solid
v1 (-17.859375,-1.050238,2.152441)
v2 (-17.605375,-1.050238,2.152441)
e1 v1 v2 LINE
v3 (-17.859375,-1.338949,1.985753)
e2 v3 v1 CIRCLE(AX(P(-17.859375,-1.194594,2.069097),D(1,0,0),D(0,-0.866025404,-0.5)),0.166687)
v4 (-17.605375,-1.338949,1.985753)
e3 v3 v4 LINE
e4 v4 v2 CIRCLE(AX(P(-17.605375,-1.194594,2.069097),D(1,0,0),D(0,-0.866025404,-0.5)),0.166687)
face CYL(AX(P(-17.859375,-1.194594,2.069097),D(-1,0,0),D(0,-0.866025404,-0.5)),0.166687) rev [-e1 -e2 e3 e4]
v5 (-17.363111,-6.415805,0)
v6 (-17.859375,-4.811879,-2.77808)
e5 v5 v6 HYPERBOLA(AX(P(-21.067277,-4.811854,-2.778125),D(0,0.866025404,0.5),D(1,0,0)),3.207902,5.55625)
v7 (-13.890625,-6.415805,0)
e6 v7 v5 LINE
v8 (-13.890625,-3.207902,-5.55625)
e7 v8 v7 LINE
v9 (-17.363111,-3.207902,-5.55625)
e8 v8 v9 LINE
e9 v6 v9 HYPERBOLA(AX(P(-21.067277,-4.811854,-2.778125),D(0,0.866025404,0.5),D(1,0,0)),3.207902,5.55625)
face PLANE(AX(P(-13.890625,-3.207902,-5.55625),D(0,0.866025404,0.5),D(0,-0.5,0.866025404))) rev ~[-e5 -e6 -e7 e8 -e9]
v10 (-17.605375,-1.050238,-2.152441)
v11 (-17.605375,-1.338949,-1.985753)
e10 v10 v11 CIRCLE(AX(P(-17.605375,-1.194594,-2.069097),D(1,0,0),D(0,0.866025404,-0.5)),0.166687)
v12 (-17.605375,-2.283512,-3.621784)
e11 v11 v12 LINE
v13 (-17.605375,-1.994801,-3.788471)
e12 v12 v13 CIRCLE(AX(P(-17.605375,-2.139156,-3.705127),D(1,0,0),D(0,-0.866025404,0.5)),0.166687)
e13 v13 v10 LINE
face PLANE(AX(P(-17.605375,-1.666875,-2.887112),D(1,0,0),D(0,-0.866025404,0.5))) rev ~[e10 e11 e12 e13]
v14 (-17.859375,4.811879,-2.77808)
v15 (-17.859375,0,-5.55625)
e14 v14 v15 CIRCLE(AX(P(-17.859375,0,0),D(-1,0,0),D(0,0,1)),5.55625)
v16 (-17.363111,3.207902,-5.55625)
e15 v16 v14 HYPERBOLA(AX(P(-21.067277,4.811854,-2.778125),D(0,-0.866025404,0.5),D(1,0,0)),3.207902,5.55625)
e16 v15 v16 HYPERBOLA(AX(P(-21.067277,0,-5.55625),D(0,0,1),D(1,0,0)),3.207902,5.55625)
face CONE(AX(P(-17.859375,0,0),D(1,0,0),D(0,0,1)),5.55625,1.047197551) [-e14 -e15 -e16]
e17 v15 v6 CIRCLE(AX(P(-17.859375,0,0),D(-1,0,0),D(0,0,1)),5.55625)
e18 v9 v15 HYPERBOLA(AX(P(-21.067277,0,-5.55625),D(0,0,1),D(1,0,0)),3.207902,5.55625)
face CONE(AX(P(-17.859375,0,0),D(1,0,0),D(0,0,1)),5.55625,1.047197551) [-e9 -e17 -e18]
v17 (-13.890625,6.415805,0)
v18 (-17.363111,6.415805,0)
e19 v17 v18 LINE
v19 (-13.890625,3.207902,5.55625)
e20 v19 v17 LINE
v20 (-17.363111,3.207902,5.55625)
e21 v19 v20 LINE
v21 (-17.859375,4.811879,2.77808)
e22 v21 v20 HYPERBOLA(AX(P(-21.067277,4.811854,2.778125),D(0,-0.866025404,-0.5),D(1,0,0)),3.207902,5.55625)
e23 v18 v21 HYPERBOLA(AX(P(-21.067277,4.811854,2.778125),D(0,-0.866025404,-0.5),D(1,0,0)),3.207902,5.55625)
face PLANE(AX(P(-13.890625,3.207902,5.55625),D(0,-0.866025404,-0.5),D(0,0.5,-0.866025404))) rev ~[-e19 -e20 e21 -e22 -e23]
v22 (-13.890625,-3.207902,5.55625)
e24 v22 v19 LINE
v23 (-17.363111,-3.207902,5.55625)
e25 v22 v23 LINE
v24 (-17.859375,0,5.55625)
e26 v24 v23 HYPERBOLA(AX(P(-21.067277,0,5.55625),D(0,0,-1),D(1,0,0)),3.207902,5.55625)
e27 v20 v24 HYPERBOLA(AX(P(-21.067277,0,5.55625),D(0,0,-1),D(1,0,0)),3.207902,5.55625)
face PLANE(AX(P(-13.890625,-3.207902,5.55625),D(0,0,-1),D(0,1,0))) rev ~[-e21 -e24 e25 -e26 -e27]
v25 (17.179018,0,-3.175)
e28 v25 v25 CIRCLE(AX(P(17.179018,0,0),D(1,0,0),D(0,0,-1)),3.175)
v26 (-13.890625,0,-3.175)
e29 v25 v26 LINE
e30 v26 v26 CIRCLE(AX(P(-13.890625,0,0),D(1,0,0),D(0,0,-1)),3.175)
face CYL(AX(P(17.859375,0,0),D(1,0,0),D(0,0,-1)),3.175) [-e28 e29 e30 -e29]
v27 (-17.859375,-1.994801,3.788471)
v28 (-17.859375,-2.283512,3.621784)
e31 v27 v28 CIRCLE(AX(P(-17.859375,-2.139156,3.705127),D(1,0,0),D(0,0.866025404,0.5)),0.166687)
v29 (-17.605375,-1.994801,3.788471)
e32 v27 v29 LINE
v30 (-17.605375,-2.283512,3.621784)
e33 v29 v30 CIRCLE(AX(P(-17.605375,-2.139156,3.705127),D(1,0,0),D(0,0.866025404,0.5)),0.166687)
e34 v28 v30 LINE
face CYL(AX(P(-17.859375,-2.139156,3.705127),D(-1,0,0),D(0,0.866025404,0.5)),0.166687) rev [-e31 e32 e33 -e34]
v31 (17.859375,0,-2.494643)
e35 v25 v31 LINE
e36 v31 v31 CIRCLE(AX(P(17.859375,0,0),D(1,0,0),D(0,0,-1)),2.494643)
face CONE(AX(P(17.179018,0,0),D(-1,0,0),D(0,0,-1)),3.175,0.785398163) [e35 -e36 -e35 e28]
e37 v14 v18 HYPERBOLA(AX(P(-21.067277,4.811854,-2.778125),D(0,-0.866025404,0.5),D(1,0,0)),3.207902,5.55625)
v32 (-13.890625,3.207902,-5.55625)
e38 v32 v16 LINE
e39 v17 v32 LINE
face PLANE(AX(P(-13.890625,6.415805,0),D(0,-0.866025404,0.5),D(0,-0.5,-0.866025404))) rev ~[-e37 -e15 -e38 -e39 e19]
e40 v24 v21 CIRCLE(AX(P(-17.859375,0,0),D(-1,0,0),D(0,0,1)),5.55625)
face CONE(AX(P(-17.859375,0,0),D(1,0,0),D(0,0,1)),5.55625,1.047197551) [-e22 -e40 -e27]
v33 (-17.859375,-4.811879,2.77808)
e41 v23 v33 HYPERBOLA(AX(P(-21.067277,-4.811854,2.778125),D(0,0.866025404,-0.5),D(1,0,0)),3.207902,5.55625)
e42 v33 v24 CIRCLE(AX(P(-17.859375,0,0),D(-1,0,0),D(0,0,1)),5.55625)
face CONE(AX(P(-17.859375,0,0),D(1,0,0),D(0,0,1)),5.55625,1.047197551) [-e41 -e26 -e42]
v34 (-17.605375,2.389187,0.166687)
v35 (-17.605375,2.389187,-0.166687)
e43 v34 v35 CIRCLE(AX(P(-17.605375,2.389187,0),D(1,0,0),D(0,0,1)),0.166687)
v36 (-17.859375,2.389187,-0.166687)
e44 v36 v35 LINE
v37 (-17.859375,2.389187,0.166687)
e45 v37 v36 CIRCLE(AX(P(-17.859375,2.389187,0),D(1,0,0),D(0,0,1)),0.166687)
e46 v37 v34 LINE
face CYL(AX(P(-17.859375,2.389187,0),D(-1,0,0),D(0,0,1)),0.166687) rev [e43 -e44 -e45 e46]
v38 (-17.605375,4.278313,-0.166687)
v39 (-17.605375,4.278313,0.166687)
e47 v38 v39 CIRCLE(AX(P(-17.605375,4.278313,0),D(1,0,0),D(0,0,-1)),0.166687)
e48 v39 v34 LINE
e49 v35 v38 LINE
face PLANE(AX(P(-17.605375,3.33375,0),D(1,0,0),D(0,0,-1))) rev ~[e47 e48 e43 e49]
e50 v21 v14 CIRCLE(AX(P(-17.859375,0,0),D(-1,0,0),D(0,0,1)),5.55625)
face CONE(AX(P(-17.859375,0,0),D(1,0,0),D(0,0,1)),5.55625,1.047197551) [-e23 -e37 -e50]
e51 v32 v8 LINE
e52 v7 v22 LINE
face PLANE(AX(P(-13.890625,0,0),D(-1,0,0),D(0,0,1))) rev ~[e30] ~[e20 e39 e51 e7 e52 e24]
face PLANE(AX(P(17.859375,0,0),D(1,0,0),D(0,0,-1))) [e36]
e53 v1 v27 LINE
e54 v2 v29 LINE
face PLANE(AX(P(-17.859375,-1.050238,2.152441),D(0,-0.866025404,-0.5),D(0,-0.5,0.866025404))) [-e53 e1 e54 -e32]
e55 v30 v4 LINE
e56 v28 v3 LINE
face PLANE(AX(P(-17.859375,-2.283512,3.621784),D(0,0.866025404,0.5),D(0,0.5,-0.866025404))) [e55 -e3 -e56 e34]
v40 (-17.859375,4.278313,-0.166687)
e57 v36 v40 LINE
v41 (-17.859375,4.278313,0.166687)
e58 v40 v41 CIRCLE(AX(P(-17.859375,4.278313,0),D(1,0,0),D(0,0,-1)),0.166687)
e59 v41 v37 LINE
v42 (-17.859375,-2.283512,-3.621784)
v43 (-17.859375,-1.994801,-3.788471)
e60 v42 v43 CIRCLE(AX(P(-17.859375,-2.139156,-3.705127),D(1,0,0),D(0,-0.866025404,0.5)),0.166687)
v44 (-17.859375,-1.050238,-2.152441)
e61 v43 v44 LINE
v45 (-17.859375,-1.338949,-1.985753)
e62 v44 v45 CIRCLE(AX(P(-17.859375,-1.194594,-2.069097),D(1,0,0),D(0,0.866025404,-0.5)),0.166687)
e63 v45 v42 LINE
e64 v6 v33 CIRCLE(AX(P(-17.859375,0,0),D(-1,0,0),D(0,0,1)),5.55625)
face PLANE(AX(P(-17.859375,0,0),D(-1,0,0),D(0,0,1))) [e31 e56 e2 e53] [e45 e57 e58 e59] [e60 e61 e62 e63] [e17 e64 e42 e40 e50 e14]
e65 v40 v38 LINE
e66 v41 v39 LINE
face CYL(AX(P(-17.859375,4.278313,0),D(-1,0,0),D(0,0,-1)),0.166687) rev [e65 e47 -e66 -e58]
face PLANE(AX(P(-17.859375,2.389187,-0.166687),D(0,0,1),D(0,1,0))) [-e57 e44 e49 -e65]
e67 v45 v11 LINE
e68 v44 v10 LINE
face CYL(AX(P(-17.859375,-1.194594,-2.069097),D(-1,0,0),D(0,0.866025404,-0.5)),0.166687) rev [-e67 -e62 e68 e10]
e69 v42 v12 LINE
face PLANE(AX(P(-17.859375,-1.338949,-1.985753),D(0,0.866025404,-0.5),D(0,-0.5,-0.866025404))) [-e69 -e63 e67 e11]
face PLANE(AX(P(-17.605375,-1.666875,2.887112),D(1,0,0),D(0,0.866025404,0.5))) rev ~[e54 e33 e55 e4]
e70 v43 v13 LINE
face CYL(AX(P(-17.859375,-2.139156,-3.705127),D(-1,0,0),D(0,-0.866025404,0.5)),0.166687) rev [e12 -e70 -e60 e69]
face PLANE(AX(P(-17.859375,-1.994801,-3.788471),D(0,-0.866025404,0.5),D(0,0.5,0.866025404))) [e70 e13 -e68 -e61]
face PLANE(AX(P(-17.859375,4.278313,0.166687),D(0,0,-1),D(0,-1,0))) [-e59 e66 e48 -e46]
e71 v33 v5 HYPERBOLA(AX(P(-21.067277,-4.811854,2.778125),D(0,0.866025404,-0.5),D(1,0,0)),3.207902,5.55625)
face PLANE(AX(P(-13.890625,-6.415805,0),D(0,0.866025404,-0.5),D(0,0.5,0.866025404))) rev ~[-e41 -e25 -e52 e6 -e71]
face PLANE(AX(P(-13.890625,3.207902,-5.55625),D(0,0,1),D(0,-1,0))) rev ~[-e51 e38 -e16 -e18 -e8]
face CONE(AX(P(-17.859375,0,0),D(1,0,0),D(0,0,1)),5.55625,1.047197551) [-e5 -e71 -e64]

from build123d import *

# Parameters (mm, degrees)
SKETCH5_R           = 3.175
BOSS_EXTRUDE3_DEPTH = 31.75
CHAMFER1_SIZE       = 0.680357143
BOSS_EXTRUDE4_DEPTH = 3.96875
SKETCH8_OUTSIDE_W   = 151.664
SKETCH8_OUTSIDE_H   = 153.384
SKETCH8_OUTSIDE_R   = 5.55625
CUT_EXTRUDE3_DEPTH  = 37.713261469
CUT_EXTRUDE3_DRAFT  = -60
CUT_EXTRUDE4_DEPTH  = 0.254
CIRPATTERN1_COUNT   = 3


with BuildPart() as part:
    # Sketch5 → Boss-Extrude3 (new body)
    with BuildSketch(Plane(origin=(17.859375, 0, 0), x_dir=(0, 0, -1), z_dir=(1, 0, 0))):
        Circle(SKETCH5_R)
    extrude(amount=-BOSS_EXTRUDE3_DEPTH)

    # Chamfer1
    chamfer1_edges = [part.edges().sort_by_distance(p)[0] for p in [
        (17.859375, 0, 3.175),
    ]]
    chamfer(chamfer1_edges, length=CHAMFER1_SIZE)

    # Sketch6 → Boss-Extrude4 (add)
    with BuildSketch(Plane.ZY.offset(13.890625)):
        Polygon((5.55625, 3.207902433), (0, 6.415804866), (-5.55625, 3.207902433), (-5.55625, -3.207902433), (0, -6.415804866), (5.55625, -3.207902433), align=None)
    extrude(amount=BOSS_EXTRUDE4_DEPTH)


with BuildPart() as cut_extrude3_tool:
    # Sketch8 outside → Cut-Extrude3 (with draft: the straight prism first)
    with BuildSketch(Plane.ZY.offset(17.859375)):
        Rectangle(SKETCH8_OUTSIDE_W, SKETCH8_OUTSIDE_H)
        Circle(SKETCH8_OUTSIDE_R, mode=Mode.SUBTRACT)
    extrude(amount=-CUT_EXTRUDE3_DEPTH)
    # Cut-Extrude3: the draft: its side faces are tilted about the plane it starts from
    cut_extrude3_sides = [cut_extrude3_tool.faces().sort_by_distance(p)[0] for p in [
        (0.997255735, -76.692, 0),
        (0.997255735, 0, 75.832),
        (0.997255735, 76.692, 0),
        (0.997255735, 0, -75.832),
        (0.997255735, 0, -5.55625),
    ]]
    draft(cut_extrude3_sides, Plane.ZY.offset(17.859375), CUT_EXTRUDE3_DRAFT)


with BuildPart() as part_1:
    add(part.part)

    # Cut-Extrude3: cut by cut_extrude3_tool
    add(cut_extrude3_tool.part, mode=Mode.SUBTRACT)

    # Sketch12 → Cut-Extrude4 (cut)
    with BuildSketch(Plane.ZY.offset(17.859375)):
        with BuildLine():
            Line((0.1666875, 4.2783125), (0.1666875, 2.3891875))
            ThreePointArc((0.1666875, 2.3891875), (0, 2.2225), (-0.1666875, 2.3891875))
            Line((-0.1666875, 2.3891875), (-0.1666875, 4.2783125))
            ThreePointArc((-0.1666875, 4.2783125), (0, 4.445), (0.1666875, 4.2783125))
        make_face()
    cut_extrude4 = extrude(amount=-CUT_EXTRUDE4_DEPTH, mode=Mode.SUBTRACT)

    # CirPattern1: Cut-Extrude4 ×3 about axis
    cirpattern1_axis = Axis((0, 0, 0), (1, 0, 0))
    for i in range(1, CIRPATTERN1_COUNT):
        add(cut_extrude4.rotate(cirpattern1_axis, i * 360 / CIRPATTERN1_COUNT), mode=Mode.SUBTRACT)


solid = part_1.part
